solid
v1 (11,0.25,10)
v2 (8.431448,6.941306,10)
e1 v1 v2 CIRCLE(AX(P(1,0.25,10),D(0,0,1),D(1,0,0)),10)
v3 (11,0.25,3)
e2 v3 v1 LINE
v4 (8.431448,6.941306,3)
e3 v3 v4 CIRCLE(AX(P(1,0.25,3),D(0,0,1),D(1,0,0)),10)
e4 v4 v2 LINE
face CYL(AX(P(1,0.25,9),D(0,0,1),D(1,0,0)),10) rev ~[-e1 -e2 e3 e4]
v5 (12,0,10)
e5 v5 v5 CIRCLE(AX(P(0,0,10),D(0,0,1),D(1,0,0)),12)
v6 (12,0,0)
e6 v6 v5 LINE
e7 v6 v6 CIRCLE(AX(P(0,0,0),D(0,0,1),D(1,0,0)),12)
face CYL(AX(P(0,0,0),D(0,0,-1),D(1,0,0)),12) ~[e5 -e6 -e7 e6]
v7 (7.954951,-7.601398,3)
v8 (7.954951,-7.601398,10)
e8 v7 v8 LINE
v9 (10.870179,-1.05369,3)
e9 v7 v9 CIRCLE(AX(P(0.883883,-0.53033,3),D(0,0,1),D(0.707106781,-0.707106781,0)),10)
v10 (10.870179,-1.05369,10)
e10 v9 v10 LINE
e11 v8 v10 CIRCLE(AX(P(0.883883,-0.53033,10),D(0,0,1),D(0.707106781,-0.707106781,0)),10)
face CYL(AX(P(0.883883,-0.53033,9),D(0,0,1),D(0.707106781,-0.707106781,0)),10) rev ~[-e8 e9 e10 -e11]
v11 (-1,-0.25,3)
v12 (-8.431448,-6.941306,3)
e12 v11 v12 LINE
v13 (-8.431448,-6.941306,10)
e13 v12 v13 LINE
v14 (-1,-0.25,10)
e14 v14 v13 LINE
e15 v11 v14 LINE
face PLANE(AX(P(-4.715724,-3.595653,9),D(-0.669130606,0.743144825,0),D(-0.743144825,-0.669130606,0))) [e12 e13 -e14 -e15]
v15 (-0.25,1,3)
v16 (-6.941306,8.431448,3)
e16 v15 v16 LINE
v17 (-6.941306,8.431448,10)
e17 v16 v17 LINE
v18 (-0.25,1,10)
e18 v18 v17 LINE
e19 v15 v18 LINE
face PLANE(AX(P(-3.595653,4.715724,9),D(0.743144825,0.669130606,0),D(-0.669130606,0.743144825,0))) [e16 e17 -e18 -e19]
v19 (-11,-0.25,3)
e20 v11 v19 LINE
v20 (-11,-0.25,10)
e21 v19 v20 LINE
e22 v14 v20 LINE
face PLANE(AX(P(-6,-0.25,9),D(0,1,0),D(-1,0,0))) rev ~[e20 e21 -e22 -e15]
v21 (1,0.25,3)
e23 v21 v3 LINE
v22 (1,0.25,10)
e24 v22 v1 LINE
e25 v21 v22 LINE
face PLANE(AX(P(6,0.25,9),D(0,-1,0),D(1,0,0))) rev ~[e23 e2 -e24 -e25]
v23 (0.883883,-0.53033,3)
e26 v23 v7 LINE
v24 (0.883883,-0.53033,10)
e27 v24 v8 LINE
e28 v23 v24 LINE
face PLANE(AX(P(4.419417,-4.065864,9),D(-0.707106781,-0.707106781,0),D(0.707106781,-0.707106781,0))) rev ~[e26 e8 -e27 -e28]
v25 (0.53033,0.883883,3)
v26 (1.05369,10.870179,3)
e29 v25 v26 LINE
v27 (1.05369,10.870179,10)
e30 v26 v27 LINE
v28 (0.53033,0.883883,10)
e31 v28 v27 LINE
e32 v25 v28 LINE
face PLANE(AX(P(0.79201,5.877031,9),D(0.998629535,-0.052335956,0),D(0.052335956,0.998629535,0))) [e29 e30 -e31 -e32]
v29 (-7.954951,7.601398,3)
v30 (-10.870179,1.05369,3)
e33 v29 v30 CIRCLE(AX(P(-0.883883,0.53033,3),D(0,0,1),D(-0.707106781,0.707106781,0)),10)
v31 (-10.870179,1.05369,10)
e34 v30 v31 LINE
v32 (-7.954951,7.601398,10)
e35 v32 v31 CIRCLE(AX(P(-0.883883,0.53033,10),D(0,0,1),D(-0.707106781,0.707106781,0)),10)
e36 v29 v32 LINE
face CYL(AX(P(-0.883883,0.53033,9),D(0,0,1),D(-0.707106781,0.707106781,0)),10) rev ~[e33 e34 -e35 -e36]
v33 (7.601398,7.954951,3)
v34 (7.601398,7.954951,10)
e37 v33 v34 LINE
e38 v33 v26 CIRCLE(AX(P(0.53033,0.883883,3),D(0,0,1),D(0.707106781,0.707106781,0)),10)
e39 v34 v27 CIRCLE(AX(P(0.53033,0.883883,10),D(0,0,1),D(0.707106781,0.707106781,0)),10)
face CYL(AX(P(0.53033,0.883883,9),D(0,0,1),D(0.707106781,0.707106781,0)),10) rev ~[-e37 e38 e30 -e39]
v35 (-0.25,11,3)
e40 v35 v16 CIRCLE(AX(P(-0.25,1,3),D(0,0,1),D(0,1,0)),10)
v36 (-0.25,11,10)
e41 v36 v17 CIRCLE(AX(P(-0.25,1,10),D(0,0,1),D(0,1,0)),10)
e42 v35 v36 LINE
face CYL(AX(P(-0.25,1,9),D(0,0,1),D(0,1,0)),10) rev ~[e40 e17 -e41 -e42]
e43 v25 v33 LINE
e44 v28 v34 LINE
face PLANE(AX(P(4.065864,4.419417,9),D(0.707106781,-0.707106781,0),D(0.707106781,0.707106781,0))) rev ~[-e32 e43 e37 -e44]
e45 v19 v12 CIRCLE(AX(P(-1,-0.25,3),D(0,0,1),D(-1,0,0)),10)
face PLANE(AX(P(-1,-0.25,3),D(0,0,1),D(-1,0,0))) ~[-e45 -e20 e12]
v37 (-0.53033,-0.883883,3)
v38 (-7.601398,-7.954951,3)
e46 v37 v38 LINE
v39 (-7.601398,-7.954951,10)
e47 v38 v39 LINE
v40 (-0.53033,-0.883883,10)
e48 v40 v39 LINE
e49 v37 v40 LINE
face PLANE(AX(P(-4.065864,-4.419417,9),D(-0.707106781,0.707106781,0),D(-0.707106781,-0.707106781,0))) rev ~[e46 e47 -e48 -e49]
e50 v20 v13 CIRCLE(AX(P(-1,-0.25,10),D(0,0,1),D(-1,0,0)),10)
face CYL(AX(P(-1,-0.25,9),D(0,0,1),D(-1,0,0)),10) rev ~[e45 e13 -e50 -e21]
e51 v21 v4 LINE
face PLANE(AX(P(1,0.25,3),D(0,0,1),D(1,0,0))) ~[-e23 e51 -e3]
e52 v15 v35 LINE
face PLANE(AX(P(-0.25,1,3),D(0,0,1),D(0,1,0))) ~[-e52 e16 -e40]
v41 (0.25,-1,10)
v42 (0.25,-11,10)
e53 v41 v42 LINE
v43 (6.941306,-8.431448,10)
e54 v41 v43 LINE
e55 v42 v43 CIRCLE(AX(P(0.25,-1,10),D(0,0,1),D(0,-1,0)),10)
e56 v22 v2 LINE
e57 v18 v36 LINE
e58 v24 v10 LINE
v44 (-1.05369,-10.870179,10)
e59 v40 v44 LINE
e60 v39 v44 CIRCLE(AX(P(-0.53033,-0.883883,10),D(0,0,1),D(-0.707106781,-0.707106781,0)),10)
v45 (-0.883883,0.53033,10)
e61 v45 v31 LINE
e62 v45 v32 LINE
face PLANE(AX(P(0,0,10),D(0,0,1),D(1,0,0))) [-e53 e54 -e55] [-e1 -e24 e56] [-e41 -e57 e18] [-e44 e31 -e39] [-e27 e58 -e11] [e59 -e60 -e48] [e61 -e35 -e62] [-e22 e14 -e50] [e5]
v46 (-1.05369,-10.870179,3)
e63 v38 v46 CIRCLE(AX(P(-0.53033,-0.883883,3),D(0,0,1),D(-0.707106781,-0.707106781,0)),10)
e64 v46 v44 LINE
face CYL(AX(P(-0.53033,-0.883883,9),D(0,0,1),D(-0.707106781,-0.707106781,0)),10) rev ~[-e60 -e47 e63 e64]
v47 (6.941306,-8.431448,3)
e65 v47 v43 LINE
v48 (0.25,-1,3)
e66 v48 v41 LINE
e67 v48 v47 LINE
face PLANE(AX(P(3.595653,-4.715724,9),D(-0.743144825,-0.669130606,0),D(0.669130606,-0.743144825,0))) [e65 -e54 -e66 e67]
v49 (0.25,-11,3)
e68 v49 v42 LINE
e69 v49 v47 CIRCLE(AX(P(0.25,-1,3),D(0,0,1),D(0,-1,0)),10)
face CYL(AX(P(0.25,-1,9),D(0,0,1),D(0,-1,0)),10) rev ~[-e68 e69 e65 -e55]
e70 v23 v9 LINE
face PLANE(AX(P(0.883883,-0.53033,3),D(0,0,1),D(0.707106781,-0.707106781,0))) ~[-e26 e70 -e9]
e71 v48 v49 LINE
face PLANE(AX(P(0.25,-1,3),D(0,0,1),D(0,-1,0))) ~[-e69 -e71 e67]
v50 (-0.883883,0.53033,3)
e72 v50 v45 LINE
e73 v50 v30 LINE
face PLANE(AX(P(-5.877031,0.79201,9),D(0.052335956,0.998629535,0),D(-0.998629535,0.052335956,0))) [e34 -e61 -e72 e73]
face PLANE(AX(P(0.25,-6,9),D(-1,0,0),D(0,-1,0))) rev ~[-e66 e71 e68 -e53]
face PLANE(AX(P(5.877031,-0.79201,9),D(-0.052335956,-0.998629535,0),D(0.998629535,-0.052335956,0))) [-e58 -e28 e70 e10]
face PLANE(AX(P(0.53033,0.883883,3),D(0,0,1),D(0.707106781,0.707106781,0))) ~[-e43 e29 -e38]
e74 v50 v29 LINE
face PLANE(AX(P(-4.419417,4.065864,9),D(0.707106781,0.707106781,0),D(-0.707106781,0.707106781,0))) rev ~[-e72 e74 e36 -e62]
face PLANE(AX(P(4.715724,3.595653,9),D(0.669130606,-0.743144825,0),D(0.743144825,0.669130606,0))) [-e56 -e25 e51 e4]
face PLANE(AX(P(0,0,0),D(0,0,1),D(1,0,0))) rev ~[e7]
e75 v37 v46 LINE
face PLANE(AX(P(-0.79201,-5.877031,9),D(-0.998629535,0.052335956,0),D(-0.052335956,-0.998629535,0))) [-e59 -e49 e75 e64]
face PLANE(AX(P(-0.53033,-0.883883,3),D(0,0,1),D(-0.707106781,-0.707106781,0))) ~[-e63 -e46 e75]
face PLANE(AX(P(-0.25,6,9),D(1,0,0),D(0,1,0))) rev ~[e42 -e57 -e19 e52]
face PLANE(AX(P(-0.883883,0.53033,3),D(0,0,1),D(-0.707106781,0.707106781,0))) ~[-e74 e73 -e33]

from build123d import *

# Parameters (mm, degrees)
CYLINDER001_W     = 10
CYLINDER001_H     = 12
CYLINDER001_ANGLE = 42
ARRAY_COUNT       = 8
CYLINDER_R        = 12
CYLINDER_DEPTH    = 10


with BuildPart() as array:
    # Cylinder001 → Cylinder001 (revolve)
    with BuildSketch(Plane(origin=(1, 0.25, 3), x_dir=(1, 0, 0), z_dir=(0, -1, 0))):
        with Locations((5, 6)):
            Rectangle(CYLINDER001_W, CYLINDER001_H)
    revolve(axis=Axis((1, 0.25, 3), (0, 0, 1)), revolution_arc=CYLINDER001_ANGLE)

    # Array: Array ×8 about axis
    array_axis = Axis((0, 0, 0), (0, 0, 1))


with BuildPart() as array_1:
    add(array.part)
    for i in range(1, ARRAY_COUNT):
        add(array.part.rotate(array_axis, i * 360 / ARRAY_COUNT))


with BuildPart() as cut:
    # Cylinder → Cylinder (new body)
    with BuildSketch(Plane.XY):
        Circle(CYLINDER_R)
    extrude(amount=CYLINDER_DEPTH)

    # Cut: cut Array
    add(array_1.part, mode=Mode.SUBTRACT)


solid = cut.part
